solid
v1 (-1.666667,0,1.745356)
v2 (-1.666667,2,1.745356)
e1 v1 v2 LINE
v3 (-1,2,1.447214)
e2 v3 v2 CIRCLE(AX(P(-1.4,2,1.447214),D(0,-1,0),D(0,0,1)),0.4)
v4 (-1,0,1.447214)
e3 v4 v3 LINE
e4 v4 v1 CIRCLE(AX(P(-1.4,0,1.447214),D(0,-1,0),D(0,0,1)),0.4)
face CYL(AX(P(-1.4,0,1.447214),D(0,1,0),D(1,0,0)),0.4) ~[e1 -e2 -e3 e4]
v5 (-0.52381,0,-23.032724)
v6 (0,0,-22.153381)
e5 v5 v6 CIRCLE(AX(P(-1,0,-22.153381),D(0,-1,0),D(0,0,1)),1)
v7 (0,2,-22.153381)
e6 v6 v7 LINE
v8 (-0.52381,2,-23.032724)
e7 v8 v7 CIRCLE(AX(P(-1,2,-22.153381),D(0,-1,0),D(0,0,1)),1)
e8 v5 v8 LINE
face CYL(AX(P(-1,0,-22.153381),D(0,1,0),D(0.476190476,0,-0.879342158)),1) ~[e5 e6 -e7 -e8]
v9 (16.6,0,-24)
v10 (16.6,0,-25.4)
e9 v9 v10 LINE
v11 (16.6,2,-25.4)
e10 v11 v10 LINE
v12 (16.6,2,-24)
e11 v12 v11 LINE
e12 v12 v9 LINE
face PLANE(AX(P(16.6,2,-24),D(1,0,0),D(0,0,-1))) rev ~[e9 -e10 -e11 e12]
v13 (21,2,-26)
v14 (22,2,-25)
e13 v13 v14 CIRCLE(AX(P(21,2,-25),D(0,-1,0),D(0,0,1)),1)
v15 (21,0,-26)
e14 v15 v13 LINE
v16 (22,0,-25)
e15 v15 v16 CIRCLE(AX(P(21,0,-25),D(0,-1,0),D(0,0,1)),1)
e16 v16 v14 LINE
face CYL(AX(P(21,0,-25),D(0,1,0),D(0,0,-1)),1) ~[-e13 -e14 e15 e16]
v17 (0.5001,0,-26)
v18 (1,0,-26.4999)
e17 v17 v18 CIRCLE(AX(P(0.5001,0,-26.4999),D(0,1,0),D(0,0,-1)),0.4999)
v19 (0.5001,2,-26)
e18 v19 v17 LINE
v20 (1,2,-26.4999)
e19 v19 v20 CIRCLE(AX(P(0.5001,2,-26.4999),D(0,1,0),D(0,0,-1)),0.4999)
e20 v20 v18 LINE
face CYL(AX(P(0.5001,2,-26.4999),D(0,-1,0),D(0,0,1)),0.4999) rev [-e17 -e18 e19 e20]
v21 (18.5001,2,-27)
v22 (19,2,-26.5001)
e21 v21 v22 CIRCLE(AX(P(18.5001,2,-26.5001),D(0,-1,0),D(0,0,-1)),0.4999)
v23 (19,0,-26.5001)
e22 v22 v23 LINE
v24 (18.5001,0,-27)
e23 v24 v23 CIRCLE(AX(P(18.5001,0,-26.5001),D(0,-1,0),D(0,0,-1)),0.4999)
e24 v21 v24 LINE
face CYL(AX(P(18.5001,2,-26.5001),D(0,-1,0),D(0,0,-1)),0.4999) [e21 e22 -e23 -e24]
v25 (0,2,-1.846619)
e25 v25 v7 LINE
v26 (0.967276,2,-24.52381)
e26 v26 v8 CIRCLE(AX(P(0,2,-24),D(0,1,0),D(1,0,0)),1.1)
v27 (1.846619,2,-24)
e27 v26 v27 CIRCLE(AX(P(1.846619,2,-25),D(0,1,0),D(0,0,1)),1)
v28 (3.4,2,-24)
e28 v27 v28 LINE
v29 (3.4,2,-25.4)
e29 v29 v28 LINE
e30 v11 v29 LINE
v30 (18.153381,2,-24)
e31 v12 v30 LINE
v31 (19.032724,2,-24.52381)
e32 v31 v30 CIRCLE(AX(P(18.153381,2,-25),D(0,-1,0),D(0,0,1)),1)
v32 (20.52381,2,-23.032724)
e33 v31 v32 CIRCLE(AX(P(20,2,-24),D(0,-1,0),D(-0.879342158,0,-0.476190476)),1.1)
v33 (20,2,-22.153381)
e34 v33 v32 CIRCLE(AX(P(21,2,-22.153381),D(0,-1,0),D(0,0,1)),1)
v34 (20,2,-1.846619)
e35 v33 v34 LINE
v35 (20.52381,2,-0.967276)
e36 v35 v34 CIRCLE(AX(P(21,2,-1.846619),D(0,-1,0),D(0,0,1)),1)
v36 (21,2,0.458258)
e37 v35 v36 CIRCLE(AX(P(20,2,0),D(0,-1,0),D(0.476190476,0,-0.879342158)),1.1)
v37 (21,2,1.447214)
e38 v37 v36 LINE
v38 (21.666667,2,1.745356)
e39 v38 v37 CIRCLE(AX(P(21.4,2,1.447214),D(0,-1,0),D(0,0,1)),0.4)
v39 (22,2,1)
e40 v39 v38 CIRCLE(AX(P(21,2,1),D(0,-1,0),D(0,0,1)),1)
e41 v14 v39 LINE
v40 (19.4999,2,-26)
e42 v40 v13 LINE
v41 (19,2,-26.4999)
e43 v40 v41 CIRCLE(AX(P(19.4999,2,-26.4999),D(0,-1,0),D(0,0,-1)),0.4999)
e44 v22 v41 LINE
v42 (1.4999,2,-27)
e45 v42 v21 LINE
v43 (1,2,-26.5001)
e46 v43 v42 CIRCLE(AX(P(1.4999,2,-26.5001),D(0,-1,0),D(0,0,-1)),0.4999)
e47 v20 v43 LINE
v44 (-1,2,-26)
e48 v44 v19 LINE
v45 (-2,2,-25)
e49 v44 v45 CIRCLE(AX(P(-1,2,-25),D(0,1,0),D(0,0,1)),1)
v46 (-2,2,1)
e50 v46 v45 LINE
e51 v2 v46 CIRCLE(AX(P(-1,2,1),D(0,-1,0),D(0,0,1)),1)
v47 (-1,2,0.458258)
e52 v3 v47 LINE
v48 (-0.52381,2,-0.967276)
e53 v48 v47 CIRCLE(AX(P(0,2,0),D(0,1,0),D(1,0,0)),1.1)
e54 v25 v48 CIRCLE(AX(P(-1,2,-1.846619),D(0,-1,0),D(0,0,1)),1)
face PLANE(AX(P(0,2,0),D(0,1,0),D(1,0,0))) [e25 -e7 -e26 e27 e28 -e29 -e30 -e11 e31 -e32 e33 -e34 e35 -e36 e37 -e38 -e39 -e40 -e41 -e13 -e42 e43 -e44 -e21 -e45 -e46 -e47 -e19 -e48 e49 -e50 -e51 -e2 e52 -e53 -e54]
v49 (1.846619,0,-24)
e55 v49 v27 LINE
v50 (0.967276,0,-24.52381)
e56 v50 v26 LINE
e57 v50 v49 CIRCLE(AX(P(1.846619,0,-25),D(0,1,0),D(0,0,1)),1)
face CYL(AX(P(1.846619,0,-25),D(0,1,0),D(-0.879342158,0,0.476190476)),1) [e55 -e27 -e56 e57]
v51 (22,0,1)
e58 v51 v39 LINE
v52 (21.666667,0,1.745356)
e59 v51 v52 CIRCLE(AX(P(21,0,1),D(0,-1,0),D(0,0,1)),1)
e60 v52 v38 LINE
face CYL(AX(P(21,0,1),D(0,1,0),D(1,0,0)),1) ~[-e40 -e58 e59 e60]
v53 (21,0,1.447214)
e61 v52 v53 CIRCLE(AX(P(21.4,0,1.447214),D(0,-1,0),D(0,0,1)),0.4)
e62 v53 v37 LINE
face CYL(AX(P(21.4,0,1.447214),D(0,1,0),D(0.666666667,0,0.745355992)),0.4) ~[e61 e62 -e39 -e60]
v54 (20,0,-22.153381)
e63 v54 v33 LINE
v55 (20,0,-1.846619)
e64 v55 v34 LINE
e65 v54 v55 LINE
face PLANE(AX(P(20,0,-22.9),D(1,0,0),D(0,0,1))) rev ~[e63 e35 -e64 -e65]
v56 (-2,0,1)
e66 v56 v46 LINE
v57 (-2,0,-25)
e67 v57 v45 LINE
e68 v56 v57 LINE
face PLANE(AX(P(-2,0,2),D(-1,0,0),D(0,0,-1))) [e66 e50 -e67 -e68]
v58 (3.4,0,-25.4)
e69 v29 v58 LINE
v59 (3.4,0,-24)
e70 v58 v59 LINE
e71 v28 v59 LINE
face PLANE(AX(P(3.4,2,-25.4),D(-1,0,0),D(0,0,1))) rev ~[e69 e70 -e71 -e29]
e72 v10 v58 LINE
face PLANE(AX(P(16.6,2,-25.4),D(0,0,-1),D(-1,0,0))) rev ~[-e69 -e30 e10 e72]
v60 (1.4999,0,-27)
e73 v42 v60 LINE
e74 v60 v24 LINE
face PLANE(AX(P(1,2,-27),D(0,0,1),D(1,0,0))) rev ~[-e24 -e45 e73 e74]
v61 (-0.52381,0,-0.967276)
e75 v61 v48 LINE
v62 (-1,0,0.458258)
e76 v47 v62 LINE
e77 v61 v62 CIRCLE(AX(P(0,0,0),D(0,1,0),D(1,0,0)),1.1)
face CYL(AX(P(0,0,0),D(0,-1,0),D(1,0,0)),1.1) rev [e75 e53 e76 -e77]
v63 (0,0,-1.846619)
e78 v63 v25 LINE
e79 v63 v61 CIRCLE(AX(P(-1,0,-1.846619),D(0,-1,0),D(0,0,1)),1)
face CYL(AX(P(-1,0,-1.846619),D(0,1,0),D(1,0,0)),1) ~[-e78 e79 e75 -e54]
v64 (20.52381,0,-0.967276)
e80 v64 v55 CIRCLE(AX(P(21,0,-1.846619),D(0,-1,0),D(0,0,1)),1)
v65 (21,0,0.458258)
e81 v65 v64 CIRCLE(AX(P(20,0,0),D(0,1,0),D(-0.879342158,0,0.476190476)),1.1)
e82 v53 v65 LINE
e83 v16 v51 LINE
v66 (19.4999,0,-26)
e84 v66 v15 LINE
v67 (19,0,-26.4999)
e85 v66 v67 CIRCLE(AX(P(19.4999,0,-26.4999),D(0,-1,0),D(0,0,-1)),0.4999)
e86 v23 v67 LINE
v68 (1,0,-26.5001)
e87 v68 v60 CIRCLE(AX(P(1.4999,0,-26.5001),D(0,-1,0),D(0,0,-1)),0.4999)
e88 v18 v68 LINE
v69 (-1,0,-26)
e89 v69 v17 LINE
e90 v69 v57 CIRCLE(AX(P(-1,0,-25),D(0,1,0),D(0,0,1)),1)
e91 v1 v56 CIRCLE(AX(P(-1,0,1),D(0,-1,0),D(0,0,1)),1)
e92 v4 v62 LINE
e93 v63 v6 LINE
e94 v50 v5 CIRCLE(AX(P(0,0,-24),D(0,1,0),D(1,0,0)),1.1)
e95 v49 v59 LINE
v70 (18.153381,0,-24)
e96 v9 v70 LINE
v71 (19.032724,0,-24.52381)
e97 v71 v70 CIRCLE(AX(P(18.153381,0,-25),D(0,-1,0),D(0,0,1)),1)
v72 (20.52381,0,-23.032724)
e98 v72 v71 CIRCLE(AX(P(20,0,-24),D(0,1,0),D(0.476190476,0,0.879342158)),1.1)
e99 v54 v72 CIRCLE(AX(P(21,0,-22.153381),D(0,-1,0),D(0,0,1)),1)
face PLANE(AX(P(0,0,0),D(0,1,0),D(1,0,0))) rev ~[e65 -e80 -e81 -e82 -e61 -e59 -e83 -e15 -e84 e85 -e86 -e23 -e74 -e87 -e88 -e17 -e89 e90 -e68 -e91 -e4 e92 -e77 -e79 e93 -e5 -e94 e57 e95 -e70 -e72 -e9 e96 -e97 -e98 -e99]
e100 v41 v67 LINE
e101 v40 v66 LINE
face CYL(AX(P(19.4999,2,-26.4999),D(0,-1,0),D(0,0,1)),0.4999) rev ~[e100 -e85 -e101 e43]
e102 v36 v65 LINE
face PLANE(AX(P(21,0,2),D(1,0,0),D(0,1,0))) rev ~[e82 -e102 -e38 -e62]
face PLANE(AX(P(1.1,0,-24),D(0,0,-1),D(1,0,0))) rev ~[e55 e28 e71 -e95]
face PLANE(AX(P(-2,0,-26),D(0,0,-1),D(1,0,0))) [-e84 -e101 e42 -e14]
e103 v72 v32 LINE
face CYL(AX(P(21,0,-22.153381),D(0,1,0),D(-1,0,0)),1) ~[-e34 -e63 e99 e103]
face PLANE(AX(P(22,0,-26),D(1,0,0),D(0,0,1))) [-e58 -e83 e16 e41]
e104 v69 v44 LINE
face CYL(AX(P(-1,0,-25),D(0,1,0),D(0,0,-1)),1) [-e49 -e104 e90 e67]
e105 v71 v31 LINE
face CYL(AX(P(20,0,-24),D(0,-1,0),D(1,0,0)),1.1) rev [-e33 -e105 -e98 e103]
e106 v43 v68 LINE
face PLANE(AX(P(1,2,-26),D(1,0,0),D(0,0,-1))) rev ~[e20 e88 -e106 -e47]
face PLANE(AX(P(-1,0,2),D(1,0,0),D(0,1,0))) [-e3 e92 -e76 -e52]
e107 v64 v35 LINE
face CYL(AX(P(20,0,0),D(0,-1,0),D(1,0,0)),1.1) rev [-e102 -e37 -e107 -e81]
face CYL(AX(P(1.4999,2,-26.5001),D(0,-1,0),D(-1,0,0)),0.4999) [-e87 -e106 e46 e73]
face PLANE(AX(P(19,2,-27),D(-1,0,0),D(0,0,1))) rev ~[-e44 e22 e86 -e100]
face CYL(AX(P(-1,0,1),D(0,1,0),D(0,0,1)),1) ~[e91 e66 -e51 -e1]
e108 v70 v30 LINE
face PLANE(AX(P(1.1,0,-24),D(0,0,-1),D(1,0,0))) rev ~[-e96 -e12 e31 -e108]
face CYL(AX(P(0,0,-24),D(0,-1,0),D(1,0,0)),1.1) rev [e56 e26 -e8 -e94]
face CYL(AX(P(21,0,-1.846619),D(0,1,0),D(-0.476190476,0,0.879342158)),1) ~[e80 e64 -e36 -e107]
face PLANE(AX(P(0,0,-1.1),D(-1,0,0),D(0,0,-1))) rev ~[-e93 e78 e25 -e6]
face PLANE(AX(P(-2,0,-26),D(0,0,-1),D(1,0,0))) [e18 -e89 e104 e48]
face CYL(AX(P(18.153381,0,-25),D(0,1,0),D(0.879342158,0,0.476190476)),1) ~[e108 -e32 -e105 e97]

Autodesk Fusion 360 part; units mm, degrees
sketch "Sketch1" plane through (0, 0, 0) normal (0, 1, 0) x (1, 0, 0)
  line L0 (0, 0) -> (20, 0) construction
  line L1 (20, 0) -> (20, 24) construction
  line L2 (20, 24) -> (0, 24) construction
  line L3 (0, 24) -> (0, 0) construction
  circle A0 centre (0, 24) radius 1.1
  circle A1 centre (20, 24) radius 1.1
  circle A2 centre (20, 0) radius 1.1
  circle A3 centre (0, 0) radius 1.1
  line L4 (-2, 26) -> (22, 26)
  line L5 (22, 26) -> (22, -2)
  line L6 (22, -2) -> (-2, -2)
  line L7 (-2, -2) -> (-2, 26)
  line L8 (0, 24) -> (20, 24)
  line L9 (20, 24) -> (20, 0)
  line L10 (20, 0) -> (0, 0)
  line L11 (0, 0) -> (0, 24)
  dimension "d1" = 24
  dimension "d2" = 20
  dimension "d3" = 2.2
  dimension "d4" = 2
  dimension "d5" = 2
  dimension "d6" = 2
  dimension "d7" = 2
extrude "Extrude1" add sketch "Sketch1" along normal blind 2
fillet "Fillet1" radius 1 8 edges at (1.1, 1, -24) (0, 1, -22.9) (0, 1, -1.1) (18.9, 1, -24) (1.1, 1, 0) (20, 1, -22.9) (20, 1, -1.1) (18.9, 1, 0)
fillet "Fillet2" radius 1 4 edges at (-2, 1, -26) (-2, 1, 2) (22, 1, 2) (22, 1, -26)
extrude "Extrude2" cut 1 faces at (13.6667, 0.6667, 2) along direction (0, 0, -1) up to surface (2 mm away)
fillet "Fillet3" radius 0.4 2 edges at (-1, 1, 2) (21, 1, 2)
sketch "Sketch2" plane through (0, 2, 0) normal (0, 1, 0) x (-1, 0, 0)
  arc A0 (-21, 1.4472) -> (-21.6667, 1.7454) centre (-21.4, 1.4472) ccw
  arc A1 (-21.6667, 1.7454) -> (-22, 1) centre (-21, 1) ccw
  line L0 (-22, 1) -> (-22, -25)
  arc A2 (-22, -25) -> (-21, -26) centre (-21, -25) ccw
  line L1 (-21, -26) -> (1, -26)
  arc A3 (1, -26) -> (2, -25) centre (1, -25) ccw
  line L2 (2, -25) -> (2, 1)
  arc A4 (2, 1) -> (1.6667, 1.7454) centre (1, 1) ccw
  arc A5 (1.6667, 1.7454) -> (1, 1.4472) centre (1.4, 1.4472) ccw
  line L3 (1, 1.4472) -> (1, 0.4583)
  arc A6 (0.5238, -0.9673) -> (1, 0.4583) centre (0, 0) ccw
  arc A7 (0.5238, -0.9673) -> (0, -1.8466) centre (1, -1.8466) ccw
  line L4 (0, -1.8466) -> (0, -22.1534)
  arc A8 (0, -22.1534) -> (0.5238, -23.0327) centre (1, -22.1534) ccw
  arc A9 (-0.9673, -24.5238) -> (0.5238, -23.0327) centre (0, -24) ccw
  arc A10 (-0.9673, -24.5238) -> (-1.8466, -24) centre (-1.8466, -25) ccw
  line L5 (-1.8466, -24) -> (-18.1534, -24)
  arc A11 (-18.1534, -24) -> (-19.0327, -24.5238) centre (-18.1534, -25) ccw
  arc A12 (-20.5238, -23.0327) -> (-19.0327, -24.5238) centre (-20, -24) ccw
  arc A13 (-20.5238, -23.0327) -> (-20, -22.1534) centre (-21, -22.1534) ccw
  line L6 (-20, -22.1534) -> (-20, -1.8466)
  arc A14 (-20, -1.8466) -> (-20.5238, -0.9673) centre (-21, -1.8466) ccw
  arc A15 (-21, 0.4583) -> (-20.5238, -0.9673) centre (-20, 0) ccw
  line L7 (-21, 0.4583) -> (-21, 1.4472)
  line L8 (-3.4, -24) -> (-16.6, -24)
  line L9 (-16.6, -24) -> (-16.6, -25.4)
  line L10 (-16.6, -25.4) -> (-3.4, -25.4)
  line L11 (-3.4, -25.4) -> (-3.4, -24)
  line L12 (-1, -26) -> (-1, -27)
  line L13 (-1, -27) -> (-19, -27)
  line L14 (-19, -27) -> (-19, -26)
  line L15 (-1, -26) -> (-19, -26)
  dimension "d18" = 1.4
  dimension "d19" = 13.2
  dimension "d20" = 1
  dimension "d21" = 18
extrude "Extrude3" cut sketch "Sketch2" against normal up to surface (2 mm away) contours L5 L8 L9 L10 L11
extrude "Extrude4" add sketch "Sketch2" against normal up to surface (2 mm away) contours L1 L12 L13 L14 L15
fillet "Fillet5" radius 0.5 4 edges at (1, 1, -26) (1, 1, -27) (19, 1, -27) (19, 1, -26)
